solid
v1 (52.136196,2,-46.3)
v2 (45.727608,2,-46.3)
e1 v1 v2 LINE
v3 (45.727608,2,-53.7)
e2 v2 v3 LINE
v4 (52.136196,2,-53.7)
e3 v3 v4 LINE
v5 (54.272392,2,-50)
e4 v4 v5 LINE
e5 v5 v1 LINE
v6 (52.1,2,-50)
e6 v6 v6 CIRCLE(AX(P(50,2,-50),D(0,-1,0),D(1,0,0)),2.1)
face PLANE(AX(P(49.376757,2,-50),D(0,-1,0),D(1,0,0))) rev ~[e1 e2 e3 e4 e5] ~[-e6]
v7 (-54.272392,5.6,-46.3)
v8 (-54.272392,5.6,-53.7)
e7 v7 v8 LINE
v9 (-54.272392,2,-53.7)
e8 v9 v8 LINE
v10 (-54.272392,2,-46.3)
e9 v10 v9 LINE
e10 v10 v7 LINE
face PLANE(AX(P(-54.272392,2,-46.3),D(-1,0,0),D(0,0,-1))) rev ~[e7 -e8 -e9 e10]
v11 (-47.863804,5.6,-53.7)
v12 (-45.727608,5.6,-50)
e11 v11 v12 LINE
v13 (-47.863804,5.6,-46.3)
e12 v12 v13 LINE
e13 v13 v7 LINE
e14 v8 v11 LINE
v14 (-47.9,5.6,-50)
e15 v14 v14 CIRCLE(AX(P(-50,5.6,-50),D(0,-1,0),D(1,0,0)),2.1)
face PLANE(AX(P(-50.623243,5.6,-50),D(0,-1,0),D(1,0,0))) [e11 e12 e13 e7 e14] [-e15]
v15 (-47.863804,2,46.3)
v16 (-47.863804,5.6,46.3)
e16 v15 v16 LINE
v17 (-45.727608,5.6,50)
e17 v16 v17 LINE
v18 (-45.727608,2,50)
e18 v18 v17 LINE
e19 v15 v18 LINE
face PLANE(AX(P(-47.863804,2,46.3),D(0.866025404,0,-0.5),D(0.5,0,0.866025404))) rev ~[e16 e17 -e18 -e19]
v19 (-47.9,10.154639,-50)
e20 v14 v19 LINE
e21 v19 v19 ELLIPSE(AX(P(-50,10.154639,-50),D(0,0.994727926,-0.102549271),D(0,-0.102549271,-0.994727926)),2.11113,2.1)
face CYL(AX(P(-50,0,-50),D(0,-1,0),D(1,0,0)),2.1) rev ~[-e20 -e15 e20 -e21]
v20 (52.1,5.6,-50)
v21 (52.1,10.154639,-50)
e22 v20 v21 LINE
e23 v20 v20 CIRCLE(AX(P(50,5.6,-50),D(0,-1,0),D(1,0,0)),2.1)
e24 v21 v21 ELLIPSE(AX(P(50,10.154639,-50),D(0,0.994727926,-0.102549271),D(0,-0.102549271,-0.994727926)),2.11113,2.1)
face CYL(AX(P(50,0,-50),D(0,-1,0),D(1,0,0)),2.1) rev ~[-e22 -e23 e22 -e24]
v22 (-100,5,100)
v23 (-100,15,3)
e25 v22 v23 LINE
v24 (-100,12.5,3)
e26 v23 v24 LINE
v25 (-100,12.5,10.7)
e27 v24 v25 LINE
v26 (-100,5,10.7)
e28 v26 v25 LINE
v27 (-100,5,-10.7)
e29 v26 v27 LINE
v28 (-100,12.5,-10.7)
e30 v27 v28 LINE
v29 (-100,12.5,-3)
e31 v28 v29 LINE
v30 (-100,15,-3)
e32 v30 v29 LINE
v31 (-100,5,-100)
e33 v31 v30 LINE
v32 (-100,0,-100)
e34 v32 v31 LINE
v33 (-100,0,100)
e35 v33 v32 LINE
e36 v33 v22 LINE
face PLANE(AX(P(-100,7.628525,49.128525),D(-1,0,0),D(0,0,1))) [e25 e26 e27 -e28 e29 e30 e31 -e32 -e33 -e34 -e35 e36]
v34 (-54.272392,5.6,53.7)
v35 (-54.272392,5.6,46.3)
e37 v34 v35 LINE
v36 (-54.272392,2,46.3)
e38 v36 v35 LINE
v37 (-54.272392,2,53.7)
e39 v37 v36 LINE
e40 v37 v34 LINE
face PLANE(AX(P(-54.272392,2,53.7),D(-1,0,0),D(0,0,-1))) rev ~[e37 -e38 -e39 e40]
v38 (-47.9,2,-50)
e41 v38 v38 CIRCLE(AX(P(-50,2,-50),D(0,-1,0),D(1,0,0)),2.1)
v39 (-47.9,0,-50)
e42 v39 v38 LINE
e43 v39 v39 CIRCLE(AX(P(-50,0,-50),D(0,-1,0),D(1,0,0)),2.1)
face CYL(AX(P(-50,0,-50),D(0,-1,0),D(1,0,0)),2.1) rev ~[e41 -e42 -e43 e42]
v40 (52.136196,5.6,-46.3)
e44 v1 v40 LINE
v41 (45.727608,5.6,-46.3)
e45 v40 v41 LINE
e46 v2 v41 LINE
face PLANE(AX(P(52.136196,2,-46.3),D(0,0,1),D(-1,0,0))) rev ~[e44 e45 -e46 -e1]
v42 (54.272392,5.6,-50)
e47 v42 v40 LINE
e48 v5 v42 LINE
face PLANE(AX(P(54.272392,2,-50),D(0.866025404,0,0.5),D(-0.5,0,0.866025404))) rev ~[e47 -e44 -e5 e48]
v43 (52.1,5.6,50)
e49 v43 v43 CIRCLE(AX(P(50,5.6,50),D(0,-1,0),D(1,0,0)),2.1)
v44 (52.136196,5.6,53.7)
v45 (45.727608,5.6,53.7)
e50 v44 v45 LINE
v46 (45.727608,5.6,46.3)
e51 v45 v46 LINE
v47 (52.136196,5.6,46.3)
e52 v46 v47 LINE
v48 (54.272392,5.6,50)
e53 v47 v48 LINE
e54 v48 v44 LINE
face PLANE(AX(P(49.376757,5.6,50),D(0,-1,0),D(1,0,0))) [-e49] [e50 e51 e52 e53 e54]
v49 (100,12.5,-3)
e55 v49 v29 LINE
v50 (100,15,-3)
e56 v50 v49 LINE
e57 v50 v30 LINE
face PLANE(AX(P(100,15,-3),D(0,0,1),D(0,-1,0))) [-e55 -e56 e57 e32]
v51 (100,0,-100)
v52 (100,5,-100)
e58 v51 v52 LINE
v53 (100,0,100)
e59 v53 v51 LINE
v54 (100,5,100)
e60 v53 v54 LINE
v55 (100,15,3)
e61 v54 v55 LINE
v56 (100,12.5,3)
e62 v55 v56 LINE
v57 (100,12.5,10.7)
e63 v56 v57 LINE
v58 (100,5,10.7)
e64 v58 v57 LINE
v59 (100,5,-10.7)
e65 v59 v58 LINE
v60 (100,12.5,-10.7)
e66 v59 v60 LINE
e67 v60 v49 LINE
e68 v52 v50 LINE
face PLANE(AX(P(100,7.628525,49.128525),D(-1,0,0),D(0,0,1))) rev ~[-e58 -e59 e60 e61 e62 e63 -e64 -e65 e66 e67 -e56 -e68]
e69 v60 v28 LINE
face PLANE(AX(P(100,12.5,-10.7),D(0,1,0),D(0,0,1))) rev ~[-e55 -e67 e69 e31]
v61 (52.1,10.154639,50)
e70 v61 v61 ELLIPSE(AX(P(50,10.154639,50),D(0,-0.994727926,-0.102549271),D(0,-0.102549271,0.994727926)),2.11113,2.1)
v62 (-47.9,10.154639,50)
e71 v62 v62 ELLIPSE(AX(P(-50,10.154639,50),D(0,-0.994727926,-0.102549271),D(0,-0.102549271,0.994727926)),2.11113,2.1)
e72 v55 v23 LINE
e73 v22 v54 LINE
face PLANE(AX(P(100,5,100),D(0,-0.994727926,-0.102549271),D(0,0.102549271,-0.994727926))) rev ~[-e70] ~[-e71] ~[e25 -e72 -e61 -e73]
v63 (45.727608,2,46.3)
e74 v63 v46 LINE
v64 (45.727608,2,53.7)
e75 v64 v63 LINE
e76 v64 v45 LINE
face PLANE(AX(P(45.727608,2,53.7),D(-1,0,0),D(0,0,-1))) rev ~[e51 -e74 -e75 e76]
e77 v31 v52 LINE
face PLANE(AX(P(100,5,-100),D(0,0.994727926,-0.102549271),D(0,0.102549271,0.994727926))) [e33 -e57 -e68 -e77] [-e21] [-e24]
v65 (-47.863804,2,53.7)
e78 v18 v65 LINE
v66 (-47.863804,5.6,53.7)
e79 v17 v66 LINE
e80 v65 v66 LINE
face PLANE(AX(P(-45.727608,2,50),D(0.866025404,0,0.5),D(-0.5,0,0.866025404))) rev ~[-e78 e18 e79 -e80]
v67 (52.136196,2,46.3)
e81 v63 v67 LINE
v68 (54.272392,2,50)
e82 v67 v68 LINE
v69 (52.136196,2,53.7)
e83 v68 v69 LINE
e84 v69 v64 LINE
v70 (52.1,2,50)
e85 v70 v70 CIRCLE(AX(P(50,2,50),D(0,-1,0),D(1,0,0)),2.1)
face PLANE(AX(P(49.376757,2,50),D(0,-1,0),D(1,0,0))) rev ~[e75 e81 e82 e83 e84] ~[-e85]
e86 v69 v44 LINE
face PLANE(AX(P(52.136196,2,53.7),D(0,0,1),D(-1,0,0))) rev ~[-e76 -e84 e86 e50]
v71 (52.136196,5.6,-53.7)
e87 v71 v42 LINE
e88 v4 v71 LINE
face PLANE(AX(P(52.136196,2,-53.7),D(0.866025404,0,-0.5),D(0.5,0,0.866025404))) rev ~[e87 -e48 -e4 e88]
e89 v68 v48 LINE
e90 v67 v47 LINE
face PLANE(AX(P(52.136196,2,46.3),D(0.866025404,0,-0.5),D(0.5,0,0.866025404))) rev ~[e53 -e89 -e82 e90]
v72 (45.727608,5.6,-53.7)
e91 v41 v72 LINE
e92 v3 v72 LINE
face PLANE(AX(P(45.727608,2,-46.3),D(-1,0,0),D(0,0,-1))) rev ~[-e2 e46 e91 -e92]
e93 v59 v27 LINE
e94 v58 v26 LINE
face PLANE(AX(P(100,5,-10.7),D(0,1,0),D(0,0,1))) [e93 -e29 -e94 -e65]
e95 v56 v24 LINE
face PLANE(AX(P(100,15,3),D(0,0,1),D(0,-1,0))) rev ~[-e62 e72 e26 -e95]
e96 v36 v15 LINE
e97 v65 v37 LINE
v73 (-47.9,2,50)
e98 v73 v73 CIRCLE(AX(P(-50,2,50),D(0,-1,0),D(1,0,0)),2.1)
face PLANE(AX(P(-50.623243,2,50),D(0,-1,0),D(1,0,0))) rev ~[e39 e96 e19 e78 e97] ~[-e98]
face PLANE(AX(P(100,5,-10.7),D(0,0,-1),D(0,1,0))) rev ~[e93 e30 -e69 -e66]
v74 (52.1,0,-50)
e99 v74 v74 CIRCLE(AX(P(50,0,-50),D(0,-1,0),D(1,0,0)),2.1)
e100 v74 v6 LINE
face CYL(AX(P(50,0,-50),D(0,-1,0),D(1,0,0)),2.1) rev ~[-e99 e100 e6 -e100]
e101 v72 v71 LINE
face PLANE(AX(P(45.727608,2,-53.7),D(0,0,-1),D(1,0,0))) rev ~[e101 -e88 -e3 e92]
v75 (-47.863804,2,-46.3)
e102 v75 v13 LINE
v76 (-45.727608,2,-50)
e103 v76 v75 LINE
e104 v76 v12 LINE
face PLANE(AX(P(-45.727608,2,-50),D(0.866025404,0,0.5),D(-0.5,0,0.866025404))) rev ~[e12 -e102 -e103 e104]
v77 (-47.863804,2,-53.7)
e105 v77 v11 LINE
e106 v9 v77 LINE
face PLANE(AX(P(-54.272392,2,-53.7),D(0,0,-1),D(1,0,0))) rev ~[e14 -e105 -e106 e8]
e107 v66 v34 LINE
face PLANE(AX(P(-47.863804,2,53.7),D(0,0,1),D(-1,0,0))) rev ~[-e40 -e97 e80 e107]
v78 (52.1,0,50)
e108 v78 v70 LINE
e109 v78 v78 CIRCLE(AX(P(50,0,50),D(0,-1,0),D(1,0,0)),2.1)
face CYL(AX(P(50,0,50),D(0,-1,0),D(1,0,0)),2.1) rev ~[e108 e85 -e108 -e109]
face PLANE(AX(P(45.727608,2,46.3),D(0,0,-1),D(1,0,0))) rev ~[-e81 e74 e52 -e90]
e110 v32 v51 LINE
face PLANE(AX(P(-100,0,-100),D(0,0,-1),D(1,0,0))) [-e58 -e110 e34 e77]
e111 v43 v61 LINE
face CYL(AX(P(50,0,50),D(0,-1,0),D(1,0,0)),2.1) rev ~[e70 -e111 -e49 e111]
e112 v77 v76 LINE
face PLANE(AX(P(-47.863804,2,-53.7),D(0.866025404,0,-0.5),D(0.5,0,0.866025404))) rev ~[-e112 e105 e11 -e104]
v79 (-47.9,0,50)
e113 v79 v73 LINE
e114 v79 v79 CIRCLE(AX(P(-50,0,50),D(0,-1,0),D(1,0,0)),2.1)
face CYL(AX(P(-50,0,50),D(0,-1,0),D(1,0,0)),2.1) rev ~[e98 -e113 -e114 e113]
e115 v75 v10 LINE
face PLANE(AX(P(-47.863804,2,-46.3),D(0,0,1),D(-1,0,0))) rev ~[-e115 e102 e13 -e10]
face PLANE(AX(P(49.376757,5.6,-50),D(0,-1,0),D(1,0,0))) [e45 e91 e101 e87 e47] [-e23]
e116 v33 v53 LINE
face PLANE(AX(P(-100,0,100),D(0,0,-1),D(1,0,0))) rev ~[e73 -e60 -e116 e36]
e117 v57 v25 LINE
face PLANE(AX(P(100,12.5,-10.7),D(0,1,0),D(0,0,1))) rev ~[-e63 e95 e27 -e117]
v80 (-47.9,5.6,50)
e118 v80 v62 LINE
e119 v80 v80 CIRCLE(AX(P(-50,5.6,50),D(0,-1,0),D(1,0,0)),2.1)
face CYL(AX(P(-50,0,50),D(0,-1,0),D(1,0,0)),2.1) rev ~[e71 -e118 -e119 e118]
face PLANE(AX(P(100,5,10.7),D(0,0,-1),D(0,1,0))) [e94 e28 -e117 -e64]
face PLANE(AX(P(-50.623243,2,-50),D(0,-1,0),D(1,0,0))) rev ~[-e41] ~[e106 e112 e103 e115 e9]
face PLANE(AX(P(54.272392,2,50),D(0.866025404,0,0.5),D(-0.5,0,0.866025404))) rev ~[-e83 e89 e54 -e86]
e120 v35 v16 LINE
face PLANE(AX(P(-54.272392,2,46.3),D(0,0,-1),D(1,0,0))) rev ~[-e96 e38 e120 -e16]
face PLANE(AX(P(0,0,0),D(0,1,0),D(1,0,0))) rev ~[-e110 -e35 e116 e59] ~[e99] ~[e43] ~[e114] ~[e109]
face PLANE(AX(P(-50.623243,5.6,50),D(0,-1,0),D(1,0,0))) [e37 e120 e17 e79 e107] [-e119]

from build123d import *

# Parameters (mm, degrees)
SKETCH1_W           = 200
SKETCH1_H           = 200
BOSS_EXTRUDE1_DEPTH = 5
BOSS_EXTRUDE2_DEPTH = 200
CUT_EXTRUDE9_START  = -200
SKETCH13_W          = 21.4
SKETCH13_H          = 7.5
CUT_EXTRUDE9_DEPTH  = 200
CUT_EXTRUDE14_START = -2
CUT_EXTRUDE14_DEPTH = 3.6
SKETCH17_R          = 2.1
CUT_EXTRUDE15_DEPTH = 16


with BuildPart() as part:
    # Sketch1 → Boss-Extrude1 (new body)
    with BuildSketch(Plane(origin=(0, 0, 0), x_dir=(1, 0, 0), z_dir=(0, 1, 0))):
        Rectangle(SKETCH1_W, SKETCH1_H)
    extrude(amount=BOSS_EXTRUDE1_DEPTH)

    # Sketch9 → Boss-Extrude2 (add)
    with BuildSketch(Plane(origin=(100, 0, 0), x_dir=(0, 0, -1), z_dir=(1, 0, 0))):
        Polygon((-100, 5), (-3, 15), (-3, 5), align=None)
        Polygon((3, 5), (100, 5), (3, 15), align=None)
    extrude(amount=-BOSS_EXTRUDE2_DEPTH)

    # Sketch13 → Cut-Extrude9 (cut)
    with BuildSketch(Plane.ZY.offset(100).offset(CUT_EXTRUDE9_START)):
        with Locations((0, 8.75)):
            Rectangle(SKETCH13_W, SKETCH13_H)
    extrude(amount=CUT_EXTRUDE9_DEPTH, mode=Mode.SUBTRACT)

    # Sketch18 → Cut-Extrude14 (cut)
    with BuildSketch(Plane.XZ.offset(CUT_EXTRUDE14_START)):
        Polygon((-52.136195996, 46.3), (-47.863804004, 46.3), (-45.727608008, 50), (-47.863804004, 53.7), (-52.136195996, 53.7), (-54.272391992, 53.7), (-54.272391992, 46.3), align=None)
        Polygon((47.863804004, 46.3), (52.136195996, 46.3), (54.272391992, 50), (52.136195996, 53.7), (47.863804004, 53.7), (45.727608008, 53.7), (45.727608008, 46.3), align=None)
        Polygon((47.863804004, -53.7), (52.136195996, -53.7), (54.272391992, -50), (52.136195996, -46.3), (47.863804004, -46.3), (45.727608008, -46.3), (45.727608008, -53.7), align=None)
        Polygon((-52.136195996, -53.7), (-47.863804004, -53.7), (-45.727608008, -50), (-47.863804004, -46.3), (-52.136195996, -46.3), (-54.272391992, -46.3), (-54.272391992, -53.7), align=None)
    extrude(amount=-CUT_EXTRUDE14_DEPTH, mode=Mode.SUBTRACT)

    # Sketch17 → Cut-Extrude15 (cut, through all)
    with BuildSketch(Plane.XZ):
        with Locations((-50, 50)):
            Circle(SKETCH17_R)
        with Locations((50, 50)):
            Circle(SKETCH17_R)
        with Locations((50, -50)):
            Circle(SKETCH17_R)
        with Locations((-50, -50)):
            Circle(SKETCH17_R)
    extrude(amount=-CUT_EXTRUDE15_DEPTH, mode=Mode.SUBTRACT)


solid = part.part
